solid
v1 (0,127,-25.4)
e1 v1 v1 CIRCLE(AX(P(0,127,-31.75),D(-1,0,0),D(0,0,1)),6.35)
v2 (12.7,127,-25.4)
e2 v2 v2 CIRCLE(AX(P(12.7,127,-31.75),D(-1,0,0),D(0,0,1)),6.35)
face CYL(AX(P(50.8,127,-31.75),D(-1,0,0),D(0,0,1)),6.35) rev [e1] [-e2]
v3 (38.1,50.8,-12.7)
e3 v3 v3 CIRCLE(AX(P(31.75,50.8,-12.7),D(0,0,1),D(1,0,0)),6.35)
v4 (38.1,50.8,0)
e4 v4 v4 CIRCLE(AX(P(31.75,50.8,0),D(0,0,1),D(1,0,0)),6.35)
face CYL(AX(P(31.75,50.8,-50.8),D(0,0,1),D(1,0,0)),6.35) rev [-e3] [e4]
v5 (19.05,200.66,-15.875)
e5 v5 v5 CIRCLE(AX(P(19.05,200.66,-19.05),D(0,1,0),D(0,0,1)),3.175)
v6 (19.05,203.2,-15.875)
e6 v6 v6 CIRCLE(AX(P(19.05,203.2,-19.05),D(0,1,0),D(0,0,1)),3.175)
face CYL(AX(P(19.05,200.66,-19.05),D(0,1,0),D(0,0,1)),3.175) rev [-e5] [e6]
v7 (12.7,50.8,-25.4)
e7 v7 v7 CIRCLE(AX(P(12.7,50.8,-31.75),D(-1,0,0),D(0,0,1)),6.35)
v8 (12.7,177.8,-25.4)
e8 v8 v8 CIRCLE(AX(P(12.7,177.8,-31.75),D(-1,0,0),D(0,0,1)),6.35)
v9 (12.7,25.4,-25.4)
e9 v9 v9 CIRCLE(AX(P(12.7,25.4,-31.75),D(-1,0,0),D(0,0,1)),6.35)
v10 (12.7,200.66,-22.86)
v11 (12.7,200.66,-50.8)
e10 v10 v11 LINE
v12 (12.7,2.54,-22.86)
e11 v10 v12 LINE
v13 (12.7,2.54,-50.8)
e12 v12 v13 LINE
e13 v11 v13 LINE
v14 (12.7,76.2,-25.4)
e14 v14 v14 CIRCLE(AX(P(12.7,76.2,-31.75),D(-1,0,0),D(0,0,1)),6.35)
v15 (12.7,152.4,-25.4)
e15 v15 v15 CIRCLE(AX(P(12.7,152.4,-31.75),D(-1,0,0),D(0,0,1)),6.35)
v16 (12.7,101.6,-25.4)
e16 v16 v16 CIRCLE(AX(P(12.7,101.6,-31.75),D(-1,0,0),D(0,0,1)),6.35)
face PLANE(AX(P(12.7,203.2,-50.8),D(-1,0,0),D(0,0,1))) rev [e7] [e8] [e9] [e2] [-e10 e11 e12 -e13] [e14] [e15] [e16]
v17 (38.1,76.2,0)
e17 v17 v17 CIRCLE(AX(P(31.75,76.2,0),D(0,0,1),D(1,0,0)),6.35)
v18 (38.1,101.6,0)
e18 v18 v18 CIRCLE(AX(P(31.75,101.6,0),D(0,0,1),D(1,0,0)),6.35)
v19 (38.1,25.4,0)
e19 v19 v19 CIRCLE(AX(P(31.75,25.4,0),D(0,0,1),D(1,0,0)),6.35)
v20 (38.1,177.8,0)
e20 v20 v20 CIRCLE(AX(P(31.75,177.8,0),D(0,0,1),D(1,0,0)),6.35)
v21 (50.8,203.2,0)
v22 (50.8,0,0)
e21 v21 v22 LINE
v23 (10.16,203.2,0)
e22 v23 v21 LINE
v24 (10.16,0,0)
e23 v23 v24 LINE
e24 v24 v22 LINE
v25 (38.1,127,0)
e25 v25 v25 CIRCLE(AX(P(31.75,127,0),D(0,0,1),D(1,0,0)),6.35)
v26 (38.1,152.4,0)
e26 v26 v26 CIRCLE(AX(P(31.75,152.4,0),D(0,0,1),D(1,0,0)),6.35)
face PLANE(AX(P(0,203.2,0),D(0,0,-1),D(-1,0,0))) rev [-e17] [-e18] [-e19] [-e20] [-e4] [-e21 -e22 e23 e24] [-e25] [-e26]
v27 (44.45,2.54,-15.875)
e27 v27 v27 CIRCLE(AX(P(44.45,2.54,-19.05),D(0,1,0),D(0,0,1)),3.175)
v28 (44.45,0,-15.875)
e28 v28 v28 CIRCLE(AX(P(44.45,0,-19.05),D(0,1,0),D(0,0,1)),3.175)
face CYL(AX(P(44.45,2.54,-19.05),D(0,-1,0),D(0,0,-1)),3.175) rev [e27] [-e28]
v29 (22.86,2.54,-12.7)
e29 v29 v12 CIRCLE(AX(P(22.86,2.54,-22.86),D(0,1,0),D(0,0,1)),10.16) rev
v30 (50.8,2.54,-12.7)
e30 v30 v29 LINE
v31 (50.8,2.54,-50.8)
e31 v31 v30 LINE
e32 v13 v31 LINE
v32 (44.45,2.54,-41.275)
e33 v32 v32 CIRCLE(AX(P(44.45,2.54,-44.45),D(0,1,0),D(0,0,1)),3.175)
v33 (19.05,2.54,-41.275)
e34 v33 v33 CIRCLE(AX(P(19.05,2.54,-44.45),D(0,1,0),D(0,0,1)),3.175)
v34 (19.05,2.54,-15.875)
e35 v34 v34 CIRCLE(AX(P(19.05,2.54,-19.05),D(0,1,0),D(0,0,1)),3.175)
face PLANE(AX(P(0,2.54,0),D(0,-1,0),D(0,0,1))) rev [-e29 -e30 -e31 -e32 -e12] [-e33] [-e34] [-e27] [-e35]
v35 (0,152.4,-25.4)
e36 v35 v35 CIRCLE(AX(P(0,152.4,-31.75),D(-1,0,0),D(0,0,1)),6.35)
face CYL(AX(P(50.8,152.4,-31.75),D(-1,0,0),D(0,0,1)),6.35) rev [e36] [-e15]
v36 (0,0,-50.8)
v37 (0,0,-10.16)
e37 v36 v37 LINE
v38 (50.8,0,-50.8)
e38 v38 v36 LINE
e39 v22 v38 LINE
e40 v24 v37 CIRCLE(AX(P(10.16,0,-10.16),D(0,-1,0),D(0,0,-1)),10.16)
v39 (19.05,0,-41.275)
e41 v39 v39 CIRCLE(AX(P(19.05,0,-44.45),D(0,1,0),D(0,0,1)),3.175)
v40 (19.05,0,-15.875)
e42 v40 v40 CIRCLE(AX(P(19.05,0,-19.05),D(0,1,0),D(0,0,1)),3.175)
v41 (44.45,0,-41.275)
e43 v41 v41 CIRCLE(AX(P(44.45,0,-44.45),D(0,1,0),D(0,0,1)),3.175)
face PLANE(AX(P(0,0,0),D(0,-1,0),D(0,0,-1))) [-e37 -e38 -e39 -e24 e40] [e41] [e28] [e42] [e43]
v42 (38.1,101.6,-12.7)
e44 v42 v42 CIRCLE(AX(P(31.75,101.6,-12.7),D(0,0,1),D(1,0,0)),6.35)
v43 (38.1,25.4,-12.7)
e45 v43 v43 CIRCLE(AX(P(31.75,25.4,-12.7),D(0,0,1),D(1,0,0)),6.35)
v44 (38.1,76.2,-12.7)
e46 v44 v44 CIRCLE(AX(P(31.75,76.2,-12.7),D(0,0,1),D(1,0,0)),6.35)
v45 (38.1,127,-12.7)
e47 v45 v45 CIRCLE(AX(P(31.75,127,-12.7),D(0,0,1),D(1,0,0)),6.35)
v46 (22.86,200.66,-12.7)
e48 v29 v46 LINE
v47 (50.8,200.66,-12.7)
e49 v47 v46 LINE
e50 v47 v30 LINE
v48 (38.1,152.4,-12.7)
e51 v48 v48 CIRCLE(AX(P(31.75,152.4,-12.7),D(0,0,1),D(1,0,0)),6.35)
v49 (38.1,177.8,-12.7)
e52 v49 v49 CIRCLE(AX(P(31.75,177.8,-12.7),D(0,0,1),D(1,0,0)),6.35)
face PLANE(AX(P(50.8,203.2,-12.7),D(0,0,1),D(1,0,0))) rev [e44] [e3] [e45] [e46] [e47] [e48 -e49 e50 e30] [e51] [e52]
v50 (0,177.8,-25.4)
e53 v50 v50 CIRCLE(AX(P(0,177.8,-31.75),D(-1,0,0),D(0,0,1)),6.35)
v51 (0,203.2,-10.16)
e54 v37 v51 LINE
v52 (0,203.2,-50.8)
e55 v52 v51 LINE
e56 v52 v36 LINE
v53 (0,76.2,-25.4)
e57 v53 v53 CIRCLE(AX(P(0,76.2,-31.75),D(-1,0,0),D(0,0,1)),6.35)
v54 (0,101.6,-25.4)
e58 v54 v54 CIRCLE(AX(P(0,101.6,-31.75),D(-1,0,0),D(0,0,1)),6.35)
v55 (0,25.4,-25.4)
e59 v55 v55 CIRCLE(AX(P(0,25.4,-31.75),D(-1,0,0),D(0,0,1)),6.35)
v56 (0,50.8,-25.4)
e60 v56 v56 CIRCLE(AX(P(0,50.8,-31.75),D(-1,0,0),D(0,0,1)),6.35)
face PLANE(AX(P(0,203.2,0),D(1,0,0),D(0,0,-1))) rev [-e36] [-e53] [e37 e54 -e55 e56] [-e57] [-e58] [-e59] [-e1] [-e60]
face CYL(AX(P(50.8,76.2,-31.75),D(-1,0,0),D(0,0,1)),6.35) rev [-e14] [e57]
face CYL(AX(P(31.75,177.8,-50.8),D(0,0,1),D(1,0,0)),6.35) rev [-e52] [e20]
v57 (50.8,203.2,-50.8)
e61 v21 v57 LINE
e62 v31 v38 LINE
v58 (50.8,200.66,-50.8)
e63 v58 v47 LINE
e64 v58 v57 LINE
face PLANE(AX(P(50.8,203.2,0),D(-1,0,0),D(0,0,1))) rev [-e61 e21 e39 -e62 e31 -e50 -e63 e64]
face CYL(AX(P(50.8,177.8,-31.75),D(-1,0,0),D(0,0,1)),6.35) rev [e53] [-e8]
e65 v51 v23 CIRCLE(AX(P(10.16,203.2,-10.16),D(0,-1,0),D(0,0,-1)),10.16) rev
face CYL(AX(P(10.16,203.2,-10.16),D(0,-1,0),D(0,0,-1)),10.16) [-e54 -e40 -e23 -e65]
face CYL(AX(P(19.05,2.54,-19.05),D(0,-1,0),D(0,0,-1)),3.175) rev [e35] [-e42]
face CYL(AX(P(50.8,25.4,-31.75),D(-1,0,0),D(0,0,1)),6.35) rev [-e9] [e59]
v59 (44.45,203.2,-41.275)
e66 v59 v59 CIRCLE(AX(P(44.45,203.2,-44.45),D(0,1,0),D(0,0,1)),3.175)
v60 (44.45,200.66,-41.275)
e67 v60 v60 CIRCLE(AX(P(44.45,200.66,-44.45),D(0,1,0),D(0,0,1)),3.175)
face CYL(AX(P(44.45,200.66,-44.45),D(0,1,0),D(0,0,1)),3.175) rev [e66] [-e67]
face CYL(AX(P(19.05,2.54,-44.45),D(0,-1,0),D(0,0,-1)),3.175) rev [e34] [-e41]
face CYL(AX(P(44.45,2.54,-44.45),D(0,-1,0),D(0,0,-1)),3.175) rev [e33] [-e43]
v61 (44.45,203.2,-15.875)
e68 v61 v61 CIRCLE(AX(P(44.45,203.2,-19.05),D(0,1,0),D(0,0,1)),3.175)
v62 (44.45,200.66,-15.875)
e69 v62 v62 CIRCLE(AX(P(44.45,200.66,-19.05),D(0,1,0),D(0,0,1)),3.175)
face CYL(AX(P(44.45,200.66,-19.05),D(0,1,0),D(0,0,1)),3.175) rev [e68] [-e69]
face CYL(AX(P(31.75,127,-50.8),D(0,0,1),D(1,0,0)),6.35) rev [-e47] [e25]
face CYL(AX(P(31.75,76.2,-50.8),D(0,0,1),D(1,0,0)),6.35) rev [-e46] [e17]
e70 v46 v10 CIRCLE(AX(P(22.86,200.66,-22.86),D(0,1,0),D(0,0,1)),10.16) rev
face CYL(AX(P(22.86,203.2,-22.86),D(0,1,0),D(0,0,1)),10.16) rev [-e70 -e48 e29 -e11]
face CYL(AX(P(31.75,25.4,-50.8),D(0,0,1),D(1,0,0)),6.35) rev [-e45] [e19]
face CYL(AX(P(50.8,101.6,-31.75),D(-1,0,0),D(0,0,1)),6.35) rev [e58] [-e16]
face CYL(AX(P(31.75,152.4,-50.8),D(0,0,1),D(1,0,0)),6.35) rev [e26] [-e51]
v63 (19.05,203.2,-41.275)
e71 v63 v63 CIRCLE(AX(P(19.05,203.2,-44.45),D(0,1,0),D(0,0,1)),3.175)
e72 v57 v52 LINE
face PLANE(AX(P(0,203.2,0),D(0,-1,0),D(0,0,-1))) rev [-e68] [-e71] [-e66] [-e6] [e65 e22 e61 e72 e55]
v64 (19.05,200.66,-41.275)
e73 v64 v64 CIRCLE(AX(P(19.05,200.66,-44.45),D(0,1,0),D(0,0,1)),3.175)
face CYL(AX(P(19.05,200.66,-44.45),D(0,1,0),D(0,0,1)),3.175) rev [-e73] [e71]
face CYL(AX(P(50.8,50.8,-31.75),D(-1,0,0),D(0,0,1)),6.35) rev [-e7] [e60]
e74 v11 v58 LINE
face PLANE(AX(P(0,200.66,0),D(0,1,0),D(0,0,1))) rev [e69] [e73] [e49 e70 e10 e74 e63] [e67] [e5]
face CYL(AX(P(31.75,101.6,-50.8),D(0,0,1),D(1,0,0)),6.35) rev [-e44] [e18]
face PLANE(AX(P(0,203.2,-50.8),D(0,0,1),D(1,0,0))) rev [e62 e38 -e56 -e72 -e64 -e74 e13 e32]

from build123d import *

# Parameters (mm, degrees)
BOSS_EXTRUDE1_DEPTH = 203.2
FILLET1_R           = 10.16
SKETCH3_R           = 6.35
CUT_EXTRUDE1_DEPTH  = 51.8
SKETCH4_R           = 6.35
CUT_EXTRUDE2_DEPTH  = 51.8
SKETCH5_R           = 3.175
BOSS_EXTRUDE2_DEPTH = 2.54


with BuildPart() as part:
    # Sketch2 → Boss-Extrude1 (new body)
    with BuildSketch(Plane(origin=(0, 0, 0), x_dir=(1, 0, 0), z_dir=(0, 1, 0))):
        Polygon((0, 0), (50.8, 0), (50.8, 12.7), (12.7, 12.7), (12.7, 50.8), (0, 50.8), align=None)
    extrude(amount=BOSS_EXTRUDE1_DEPTH)

    # Fillet1
    fillet1_edges = [part.edges().sort_by_distance(p)[0] for p in [
        (12.7, 101.6, -12.7),
        (0, 101.6, 0),
    ]]
    fillet(fillet1_edges, radius=FILLET1_R)

    # Sketch3 → Cut-Extrude1 (cut, through all)
    with BuildSketch(Plane.XY):
        with Locations((31.75, 177.8)):
            Circle(SKETCH3_R)
        with Locations((31.75, 152.4)):
            Circle(SKETCH3_R)
        with Locations((31.75, 127)):
            Circle(SKETCH3_R)
        with Locations((31.75, 101.6)):
            Circle(SKETCH3_R)
        with Locations((31.75, 76.2)):
            Circle(SKETCH3_R)
        with Locations((31.75, 50.8)):
            Circle(SKETCH3_R)
        with Locations((31.75, 25.4)):
            Circle(SKETCH3_R)
    extrude(amount=-CUT_EXTRUDE1_DEPTH, mode=Mode.SUBTRACT)

    # Sketch4 → Cut-Extrude2 (cut, through all)
    with BuildSketch(Plane.ZY):
        with Locations((-31.75, 177.8)):
            Circle(SKETCH4_R)
        with Locations((-31.75, 152.4)):
            Circle(SKETCH4_R)
        with Locations((-31.75, 127)):
            Circle(SKETCH4_R)
        with Locations((-31.75, 101.6)):
            Circle(SKETCH4_R)
        with Locations((-31.75, 76.2)):
            Circle(SKETCH4_R)
        with Locations((-31.75, 50.8)):
            Circle(SKETCH4_R)
        with Locations((-31.75, 25.4)):
            Circle(SKETCH4_R)
    extrude(amount=-CUT_EXTRUDE2_DEPTH, mode=Mode.SUBTRACT)

    # Sketch5 → Boss-Extrude2 (add)
    with BuildSketch(Plane(origin=(0, 203.2, 0), x_dir=(1, 0, 0), z_dir=(0, 1, 0))):
        with BuildLine():
            Line((50.8, 50.8), (12.7, 50.8))
            Line((12.7, 50.8), (12.7, 22.86))
            ThreePointArc((12.7, 22.86), (15.675795103, 15.675795103), (22.86, 12.7))
            Line((22.86, 12.7), (50.8, 12.7))
            Line((50.8, 12.7), (50.8, 50.8))
        make_face()
        with Locations((19.05, 19.05)):
            Circle(SKETCH5_R, mode=Mode.SUBTRACT)
        with Locations((44.45, 19.05)):
            Circle(SKETCH5_R, mode=Mode.SUBTRACT)
        with Locations((19.05, 44.45)):
            Circle(SKETCH5_R, mode=Mode.SUBTRACT)
        with Locations((44.45, 44.45)):
            Circle(SKETCH5_R, mode=Mode.SUBTRACT)
    boss_extrude2 = extrude(amount=-BOSS_EXTRUDE2_DEPTH)

    # Mirror1: Boss-Extrude2 across plane
    add(boss_extrude2.mirror(Plane.ZX.offset(101.6)))


solid = part.part
